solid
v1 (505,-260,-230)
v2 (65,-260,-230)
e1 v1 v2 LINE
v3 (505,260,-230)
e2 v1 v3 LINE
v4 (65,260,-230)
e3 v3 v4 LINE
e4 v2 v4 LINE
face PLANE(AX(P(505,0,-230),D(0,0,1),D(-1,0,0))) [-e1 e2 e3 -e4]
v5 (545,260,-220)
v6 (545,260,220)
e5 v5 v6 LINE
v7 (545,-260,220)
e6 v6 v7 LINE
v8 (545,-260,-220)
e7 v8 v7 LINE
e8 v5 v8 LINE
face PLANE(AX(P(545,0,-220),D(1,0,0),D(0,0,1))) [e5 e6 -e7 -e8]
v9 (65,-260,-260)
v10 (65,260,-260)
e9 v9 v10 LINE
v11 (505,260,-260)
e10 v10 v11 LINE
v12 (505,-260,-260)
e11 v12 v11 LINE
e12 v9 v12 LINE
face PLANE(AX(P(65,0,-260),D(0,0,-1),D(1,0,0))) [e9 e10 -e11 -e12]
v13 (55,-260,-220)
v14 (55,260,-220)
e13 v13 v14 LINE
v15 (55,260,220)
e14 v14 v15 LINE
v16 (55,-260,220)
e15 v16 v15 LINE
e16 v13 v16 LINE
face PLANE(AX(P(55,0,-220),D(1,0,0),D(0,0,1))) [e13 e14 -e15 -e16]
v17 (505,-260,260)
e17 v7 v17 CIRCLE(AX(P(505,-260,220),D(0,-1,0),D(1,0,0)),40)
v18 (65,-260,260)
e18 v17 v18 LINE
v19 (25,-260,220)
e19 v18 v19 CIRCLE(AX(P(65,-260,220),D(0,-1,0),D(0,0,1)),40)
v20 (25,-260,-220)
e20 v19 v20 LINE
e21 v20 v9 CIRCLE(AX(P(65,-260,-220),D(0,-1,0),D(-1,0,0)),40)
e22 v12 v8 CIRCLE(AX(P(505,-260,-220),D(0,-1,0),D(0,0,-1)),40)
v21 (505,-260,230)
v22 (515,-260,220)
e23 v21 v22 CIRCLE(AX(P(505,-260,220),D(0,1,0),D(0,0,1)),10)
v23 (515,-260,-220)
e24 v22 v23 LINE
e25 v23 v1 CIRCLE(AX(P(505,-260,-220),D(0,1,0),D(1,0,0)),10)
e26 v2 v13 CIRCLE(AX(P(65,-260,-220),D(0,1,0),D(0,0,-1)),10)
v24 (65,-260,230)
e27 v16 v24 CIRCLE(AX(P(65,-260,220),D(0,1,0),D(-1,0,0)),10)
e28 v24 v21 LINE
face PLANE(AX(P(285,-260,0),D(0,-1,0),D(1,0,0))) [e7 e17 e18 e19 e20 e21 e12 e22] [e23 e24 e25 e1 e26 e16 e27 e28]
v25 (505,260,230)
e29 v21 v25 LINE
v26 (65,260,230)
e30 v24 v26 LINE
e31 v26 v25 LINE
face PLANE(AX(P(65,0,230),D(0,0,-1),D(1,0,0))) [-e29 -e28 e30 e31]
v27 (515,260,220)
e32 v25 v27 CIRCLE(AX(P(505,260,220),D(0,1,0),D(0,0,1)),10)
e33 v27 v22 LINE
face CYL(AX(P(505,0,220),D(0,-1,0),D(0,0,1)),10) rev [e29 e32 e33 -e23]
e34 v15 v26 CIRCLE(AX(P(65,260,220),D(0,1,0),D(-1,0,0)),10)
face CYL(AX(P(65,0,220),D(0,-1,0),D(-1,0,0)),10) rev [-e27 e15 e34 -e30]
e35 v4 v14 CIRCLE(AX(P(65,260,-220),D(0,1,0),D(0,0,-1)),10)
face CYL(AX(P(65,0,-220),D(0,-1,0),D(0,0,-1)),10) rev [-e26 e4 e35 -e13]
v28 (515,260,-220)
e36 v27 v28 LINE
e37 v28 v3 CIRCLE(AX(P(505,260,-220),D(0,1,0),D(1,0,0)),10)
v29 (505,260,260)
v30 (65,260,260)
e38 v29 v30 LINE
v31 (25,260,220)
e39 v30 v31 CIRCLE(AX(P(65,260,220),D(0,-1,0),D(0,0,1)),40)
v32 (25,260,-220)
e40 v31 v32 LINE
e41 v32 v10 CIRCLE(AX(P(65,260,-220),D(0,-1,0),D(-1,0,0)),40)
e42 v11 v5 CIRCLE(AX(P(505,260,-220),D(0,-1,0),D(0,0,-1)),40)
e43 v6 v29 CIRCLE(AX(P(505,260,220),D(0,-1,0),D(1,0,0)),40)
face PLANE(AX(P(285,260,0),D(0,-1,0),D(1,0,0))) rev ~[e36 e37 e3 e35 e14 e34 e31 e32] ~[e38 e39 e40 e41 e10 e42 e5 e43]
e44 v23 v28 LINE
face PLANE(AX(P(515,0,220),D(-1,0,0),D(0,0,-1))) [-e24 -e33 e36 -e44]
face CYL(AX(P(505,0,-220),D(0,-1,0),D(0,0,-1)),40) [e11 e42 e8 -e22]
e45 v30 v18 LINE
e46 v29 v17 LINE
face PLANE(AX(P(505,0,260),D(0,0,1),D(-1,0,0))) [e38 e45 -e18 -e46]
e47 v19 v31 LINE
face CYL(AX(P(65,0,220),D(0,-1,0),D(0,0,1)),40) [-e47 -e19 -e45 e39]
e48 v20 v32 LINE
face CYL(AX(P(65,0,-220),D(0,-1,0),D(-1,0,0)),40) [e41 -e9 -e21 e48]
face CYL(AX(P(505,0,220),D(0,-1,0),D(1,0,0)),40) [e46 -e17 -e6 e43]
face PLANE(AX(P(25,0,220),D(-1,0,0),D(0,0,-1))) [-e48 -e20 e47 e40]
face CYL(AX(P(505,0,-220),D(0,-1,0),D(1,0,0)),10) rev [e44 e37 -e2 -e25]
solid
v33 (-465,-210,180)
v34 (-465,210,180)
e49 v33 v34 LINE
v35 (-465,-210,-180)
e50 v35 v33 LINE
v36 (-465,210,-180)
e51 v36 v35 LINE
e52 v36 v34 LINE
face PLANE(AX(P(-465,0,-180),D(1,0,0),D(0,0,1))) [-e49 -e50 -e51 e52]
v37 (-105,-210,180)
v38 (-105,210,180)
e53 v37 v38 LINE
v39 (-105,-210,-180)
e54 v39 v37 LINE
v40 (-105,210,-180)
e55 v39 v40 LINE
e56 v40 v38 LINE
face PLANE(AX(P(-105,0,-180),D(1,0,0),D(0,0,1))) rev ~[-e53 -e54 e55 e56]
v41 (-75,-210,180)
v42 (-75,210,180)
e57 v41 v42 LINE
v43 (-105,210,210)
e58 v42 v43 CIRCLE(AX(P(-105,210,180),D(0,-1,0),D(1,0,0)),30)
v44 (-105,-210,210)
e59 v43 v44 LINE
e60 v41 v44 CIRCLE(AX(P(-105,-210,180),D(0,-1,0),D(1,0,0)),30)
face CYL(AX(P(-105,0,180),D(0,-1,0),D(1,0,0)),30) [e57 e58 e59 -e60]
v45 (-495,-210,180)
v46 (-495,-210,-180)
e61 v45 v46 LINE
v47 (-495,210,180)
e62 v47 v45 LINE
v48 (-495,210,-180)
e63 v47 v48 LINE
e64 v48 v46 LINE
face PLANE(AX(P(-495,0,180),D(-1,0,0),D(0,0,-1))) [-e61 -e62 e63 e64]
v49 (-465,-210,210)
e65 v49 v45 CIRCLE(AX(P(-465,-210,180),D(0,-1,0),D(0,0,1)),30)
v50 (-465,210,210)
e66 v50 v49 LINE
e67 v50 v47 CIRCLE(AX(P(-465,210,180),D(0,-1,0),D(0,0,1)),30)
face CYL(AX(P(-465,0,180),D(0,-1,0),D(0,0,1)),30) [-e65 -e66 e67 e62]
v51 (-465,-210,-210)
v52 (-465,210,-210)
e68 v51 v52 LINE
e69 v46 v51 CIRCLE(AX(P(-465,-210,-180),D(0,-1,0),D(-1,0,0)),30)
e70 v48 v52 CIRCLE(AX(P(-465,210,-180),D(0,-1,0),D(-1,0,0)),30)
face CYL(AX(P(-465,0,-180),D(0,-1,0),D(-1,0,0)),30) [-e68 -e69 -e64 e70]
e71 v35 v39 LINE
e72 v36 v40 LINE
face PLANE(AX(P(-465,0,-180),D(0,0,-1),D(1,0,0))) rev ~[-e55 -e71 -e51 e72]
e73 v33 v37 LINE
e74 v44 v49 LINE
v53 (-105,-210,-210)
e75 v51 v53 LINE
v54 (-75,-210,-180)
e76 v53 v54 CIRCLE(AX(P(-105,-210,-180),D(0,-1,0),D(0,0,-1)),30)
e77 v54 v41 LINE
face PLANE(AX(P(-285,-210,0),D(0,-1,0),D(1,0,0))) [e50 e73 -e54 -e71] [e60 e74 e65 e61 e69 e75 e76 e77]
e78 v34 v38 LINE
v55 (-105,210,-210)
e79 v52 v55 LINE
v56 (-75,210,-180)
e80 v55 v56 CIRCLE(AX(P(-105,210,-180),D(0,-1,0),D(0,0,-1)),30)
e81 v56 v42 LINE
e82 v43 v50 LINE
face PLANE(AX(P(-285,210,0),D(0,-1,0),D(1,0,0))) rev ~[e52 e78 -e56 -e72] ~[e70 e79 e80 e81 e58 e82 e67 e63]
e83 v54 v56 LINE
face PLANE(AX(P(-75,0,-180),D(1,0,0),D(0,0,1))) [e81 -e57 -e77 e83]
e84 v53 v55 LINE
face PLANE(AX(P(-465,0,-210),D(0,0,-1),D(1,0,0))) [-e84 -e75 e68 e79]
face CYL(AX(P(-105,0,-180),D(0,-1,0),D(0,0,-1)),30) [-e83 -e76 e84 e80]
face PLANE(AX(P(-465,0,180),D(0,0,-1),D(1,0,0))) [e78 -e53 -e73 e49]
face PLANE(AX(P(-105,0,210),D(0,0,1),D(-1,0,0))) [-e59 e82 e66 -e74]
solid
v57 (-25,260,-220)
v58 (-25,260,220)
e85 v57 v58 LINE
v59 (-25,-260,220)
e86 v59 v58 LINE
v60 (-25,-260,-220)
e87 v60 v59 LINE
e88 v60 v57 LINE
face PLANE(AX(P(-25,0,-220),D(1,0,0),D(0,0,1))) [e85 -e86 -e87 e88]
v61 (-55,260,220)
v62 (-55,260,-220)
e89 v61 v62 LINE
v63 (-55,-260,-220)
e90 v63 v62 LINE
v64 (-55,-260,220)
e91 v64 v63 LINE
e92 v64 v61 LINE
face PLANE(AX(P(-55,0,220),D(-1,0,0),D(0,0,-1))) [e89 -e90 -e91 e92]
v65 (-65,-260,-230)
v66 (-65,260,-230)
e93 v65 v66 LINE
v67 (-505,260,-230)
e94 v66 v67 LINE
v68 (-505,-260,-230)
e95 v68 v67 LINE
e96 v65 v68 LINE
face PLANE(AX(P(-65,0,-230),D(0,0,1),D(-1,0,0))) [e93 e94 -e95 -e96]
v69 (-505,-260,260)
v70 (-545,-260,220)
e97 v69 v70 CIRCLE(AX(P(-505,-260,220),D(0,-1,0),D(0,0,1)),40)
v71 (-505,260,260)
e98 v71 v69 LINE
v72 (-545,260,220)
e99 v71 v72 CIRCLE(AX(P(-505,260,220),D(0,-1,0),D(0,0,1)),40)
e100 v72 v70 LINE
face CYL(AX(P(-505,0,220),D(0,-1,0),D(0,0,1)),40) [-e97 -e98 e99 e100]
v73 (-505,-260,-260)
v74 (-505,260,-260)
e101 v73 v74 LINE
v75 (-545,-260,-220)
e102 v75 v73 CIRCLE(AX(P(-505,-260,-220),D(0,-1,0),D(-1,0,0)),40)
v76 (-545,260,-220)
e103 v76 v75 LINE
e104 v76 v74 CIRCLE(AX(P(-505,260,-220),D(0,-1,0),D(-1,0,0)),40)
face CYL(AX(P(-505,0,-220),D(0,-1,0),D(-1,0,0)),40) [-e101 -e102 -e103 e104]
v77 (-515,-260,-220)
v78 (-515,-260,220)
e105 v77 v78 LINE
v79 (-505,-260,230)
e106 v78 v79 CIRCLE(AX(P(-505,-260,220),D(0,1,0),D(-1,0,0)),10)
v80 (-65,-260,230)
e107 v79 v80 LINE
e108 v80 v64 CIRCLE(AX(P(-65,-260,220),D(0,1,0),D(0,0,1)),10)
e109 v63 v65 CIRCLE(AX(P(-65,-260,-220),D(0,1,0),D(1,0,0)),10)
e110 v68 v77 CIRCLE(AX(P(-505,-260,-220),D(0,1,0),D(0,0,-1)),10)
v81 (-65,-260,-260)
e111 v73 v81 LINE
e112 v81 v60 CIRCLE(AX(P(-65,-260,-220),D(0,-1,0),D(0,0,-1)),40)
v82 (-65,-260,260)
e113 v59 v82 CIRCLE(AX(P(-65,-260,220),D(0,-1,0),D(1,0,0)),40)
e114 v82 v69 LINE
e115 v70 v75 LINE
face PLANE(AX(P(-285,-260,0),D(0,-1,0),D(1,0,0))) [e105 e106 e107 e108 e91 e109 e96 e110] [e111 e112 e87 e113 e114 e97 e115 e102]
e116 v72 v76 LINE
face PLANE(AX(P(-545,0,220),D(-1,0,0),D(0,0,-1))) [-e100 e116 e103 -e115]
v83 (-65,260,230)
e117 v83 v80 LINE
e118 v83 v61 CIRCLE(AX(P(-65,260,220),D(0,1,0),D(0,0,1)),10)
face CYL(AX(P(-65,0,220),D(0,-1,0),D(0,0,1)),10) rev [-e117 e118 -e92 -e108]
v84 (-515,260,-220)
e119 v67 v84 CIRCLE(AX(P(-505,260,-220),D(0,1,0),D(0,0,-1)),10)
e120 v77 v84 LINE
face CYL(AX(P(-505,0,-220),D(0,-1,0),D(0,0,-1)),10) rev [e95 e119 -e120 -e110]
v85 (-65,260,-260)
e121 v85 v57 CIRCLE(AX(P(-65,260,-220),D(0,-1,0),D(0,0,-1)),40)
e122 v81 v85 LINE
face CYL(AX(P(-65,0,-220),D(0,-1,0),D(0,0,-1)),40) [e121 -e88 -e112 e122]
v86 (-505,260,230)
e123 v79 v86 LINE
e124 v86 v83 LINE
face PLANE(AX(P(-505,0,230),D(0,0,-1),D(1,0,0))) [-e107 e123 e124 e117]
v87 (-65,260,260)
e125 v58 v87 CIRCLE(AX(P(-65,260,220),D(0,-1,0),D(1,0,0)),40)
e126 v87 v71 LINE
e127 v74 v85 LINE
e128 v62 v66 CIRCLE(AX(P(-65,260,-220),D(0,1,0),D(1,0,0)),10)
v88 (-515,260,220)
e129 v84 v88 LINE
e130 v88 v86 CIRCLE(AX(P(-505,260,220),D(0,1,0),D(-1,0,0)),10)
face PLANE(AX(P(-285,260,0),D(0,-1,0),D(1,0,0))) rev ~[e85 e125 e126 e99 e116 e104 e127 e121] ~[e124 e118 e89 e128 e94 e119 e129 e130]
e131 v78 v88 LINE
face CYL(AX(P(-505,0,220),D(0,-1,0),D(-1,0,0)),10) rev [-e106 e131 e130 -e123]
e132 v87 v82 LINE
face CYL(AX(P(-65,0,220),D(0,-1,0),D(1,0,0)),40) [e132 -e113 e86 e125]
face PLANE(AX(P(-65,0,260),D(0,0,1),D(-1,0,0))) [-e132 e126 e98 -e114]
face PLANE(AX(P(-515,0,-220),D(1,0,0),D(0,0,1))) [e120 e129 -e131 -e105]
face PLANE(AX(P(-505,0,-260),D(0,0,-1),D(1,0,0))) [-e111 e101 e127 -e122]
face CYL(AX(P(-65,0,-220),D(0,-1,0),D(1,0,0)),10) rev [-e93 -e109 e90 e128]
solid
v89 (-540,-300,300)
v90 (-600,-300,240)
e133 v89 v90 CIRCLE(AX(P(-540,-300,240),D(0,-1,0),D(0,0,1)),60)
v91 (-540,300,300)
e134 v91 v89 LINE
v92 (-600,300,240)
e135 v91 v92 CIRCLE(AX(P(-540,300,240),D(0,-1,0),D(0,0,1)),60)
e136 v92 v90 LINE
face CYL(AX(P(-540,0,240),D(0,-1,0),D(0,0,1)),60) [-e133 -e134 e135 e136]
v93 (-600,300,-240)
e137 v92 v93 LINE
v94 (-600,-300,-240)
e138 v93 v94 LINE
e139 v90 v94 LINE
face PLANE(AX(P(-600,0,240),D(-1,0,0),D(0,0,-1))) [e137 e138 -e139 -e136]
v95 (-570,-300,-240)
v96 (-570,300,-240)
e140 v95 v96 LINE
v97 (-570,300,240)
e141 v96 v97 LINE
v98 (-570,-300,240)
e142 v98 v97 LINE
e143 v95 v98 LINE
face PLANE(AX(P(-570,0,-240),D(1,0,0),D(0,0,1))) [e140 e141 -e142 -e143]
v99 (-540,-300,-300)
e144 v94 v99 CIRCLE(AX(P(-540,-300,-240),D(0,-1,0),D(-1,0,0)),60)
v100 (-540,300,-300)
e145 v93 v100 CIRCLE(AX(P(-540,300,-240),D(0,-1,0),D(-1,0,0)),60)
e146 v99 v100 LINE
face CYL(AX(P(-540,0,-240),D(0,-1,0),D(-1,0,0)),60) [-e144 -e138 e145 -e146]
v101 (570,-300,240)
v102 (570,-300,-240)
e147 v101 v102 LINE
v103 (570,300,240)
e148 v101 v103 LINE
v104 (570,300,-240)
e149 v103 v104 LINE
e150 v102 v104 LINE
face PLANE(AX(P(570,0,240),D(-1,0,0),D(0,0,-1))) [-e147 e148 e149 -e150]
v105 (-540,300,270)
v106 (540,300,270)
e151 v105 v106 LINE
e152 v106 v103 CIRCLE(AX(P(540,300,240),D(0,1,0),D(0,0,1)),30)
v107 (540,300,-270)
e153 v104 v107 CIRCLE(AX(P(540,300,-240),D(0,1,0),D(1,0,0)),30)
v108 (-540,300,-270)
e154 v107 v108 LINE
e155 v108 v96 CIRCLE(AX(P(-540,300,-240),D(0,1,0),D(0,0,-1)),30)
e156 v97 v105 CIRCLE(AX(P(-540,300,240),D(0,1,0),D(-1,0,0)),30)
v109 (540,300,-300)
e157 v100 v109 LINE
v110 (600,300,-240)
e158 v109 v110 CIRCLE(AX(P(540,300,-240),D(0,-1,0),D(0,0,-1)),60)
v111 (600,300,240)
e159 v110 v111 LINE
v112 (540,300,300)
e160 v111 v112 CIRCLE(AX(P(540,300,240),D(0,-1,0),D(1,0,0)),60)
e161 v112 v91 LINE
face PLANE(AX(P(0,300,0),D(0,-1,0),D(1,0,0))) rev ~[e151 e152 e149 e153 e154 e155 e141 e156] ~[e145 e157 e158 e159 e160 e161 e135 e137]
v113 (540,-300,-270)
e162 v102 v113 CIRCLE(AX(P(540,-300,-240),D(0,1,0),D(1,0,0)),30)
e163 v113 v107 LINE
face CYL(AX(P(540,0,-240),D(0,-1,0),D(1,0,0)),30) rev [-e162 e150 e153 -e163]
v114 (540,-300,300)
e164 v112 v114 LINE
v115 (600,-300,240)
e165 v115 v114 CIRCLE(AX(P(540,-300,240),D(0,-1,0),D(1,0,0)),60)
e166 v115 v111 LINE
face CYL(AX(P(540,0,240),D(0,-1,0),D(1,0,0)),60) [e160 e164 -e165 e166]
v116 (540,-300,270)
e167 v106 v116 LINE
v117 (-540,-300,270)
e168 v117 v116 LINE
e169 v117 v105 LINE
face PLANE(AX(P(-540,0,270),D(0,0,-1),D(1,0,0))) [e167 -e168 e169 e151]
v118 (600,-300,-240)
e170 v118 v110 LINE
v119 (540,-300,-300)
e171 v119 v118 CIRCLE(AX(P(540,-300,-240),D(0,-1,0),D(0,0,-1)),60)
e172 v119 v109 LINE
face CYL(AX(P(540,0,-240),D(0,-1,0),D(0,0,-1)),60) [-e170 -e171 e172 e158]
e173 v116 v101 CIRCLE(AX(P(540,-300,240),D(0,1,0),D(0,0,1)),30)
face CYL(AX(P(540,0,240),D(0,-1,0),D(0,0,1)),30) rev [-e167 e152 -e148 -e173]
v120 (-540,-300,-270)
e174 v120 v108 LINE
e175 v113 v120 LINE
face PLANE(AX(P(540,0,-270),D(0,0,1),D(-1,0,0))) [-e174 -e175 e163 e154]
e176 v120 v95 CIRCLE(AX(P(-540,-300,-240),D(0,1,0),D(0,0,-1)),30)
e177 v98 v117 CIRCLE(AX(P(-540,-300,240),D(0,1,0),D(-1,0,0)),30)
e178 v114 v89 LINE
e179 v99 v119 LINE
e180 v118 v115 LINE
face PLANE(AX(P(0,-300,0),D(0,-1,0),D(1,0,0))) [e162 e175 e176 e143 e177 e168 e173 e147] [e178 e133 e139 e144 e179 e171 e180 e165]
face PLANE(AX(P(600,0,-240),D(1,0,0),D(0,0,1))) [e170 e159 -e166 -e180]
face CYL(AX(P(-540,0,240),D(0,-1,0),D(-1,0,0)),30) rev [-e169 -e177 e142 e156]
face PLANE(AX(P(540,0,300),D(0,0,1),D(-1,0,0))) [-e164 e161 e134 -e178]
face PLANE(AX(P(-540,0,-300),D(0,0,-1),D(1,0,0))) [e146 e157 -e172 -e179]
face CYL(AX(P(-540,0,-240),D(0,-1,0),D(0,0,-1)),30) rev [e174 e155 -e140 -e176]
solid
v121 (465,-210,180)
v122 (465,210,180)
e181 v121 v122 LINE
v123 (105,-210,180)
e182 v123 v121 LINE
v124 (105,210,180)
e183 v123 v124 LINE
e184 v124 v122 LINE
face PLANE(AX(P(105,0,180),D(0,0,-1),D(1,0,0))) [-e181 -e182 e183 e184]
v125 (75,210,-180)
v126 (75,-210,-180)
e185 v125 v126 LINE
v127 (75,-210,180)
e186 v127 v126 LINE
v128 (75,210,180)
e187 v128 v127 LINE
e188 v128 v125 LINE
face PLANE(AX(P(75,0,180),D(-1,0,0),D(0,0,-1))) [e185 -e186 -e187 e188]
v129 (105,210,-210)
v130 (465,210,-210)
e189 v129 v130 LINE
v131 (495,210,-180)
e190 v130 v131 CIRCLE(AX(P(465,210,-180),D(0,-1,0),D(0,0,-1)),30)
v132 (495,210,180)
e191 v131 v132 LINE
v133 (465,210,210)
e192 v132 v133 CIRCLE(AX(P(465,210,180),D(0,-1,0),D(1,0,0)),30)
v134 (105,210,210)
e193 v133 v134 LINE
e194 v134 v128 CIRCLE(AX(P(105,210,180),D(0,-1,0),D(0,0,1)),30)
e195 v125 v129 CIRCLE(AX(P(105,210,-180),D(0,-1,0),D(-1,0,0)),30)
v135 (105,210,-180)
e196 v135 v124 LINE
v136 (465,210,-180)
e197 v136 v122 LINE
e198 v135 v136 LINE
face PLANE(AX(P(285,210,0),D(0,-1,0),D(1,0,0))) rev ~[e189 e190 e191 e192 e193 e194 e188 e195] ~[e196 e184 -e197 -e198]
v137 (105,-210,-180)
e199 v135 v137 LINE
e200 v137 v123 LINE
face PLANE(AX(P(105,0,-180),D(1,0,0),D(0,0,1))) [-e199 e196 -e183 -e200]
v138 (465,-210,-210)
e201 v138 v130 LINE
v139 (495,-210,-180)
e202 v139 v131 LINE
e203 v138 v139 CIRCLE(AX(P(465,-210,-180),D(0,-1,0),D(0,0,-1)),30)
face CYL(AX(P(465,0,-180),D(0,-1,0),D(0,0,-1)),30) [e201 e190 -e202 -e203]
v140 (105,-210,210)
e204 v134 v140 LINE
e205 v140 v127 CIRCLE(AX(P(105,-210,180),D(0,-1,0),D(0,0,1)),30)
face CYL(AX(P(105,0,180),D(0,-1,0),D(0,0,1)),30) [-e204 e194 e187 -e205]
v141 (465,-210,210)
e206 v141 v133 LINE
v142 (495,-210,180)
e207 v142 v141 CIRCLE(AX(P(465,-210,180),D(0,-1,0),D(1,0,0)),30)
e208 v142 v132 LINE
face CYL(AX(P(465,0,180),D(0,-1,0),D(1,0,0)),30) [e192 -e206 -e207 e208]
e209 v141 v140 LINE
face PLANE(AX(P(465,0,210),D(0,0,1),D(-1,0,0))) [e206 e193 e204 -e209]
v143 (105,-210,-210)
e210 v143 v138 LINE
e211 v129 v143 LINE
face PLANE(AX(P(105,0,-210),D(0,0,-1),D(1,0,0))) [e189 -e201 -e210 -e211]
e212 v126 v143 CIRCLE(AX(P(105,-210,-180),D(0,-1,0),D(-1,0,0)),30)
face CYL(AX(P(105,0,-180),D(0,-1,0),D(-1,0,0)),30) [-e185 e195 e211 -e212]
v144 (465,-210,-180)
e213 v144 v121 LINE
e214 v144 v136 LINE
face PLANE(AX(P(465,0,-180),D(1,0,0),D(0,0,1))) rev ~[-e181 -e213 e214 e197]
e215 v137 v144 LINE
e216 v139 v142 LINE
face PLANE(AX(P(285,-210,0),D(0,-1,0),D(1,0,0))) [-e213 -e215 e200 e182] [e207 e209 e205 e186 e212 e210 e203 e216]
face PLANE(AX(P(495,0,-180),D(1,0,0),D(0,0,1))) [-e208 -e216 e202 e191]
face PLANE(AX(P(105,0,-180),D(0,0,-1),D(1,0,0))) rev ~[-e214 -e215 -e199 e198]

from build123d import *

# Parameters (mm, degrees)
F2_DEPTH = 300
F4_DEPTH = 260
F6_W     = 360
F6_H     = 360
F7_DEPTH = 210


with BuildPart() as f2:
    # F1 (on Front) → F2 (new body, symmetric)
    with BuildSketch(Plane.XZ):
        with BuildLine():
            ThreePointArc((600, 240), (582.4264068712, 282.4264068712), (540, 300))
            Line((540, 300), (-540, 300))
            ThreePointArc((-540, 300), (-582.4264068712, 282.4264068712), (-600, 240))
            Line((-600, 240), (-600, -240))
            ThreePointArc((-600, -240), (-582.4264068712, -282.4264068712), (-540, -300))
            Line((-540, -300), (540, -300))
            ThreePointArc((540, -300), (582.4264068712, -282.4264068712), (600, -240))
            Line((600, -240), (600, 240))
        make_face()
        with BuildLine():
            ThreePointArc((540, 270), (561.2132034356, 261.2132034356), (570, 240))
            Line((570, 240), (570, -240))
            ThreePointArc((570, -240), (561.2132034356, -261.2132034356), (540, -270))
            Line((540, -270), (-540, -270))
            ThreePointArc((-540, -270), (-561.2132034356, -261.2132034356), (-570, -240))
            Line((-570, -240), (-570, 240))
            ThreePointArc((-570, 240), (-561.2132034356, 261.2132034356), (-540, 270))
            Line((-540, 270), (540, 270))
        make_face(mode=Mode.SUBTRACT)
    extrude(amount=F2_DEPTH, both=True)


with BuildPart() as f4:
    # F3 (on Front) → F4 (new body, symmetric)
    with BuildSketch(Plane.XZ):
        with BuildLine():
            ThreePointArc((-25, 220), (-36.7157287525, 248.2842712475), (-65, 260))
            Line((-65, 260), (-505, 260))
            ThreePointArc((-505, 260), (-533.2842712475, 248.2842712475), (-545, 220))
            Line((-545, 220), (-545, -220))
            ThreePointArc((-545, -220), (-533.2842712475, -248.2842712475), (-505, -260))
            Line((-505, -260), (-65, -260))
            ThreePointArc((-65, -260), (-36.7157287525, -248.2842712475), (-25, -220))
            Line((-25, -220), (-25, 220))
        make_face()
        with BuildLine():
            Line((-505, 230), (-65, 230))
            ThreePointArc((-65, 230), (-57.9289321881, 227.0710678119), (-55, 220))
            Line((-55, 220), (-55, -220))
            ThreePointArc((-55, -220), (-57.9289321881, -227.0710678119), (-65, -230))
            Line((-65, -230), (-505, -230))
            ThreePointArc((-505, -230), (-512.0710678119, -227.0710678119), (-515, -220))
            Line((-515, -220), (-515, 220))
            ThreePointArc((-515, 220), (-512.0710678119, 227.0710678119), (-505, 230))
        make_face(mode=Mode.SUBTRACT)
    extrude(amount=F4_DEPTH, both=True)


with BuildPart() as f4b:
    # F3 (on Front) → F4, piece 2 (new body, symmetric)
    with BuildSketch(Plane.XZ):
        with BuildLine():
            ThreePointArc((545, 220), (533.2842712475, 248.2842712475), (505, 260))
            Line((505, 260), (65, 260))
            ThreePointArc((65, 260), (36.7157287525, 248.2842712475), (25, 220))
            Line((25, 220), (25, -220))
            ThreePointArc((25, -220), (36.7157287525, -248.2842712475), (65, -260))
            Line((65, -260), (505, -260))
            ThreePointArc((505, -260), (533.2842712475, -248.2842712475), (545, -220))
            Line((545, -220), (545, 220))
        make_face()
        with BuildLine():
            Line((515, 220), (515, -220))
            ThreePointArc((515, -220), (512.0710678119, -227.0710678119), (505, -230))
            Line((505, -230), (65, -230))
            ThreePointArc((65, -230), (57.9289321881, -227.0710678119), (55, -220))
            Line((55, -220), (55, 220))
            ThreePointArc((55, 220), (57.9289321881, 227.0710678119), (65, 230))
            Line((65, 230), (505, 230))
            ThreePointArc((505, 230), (512.0710678119, 227.0710678119), (515, 220))
        make_face(mode=Mode.SUBTRACT)
    extrude(amount=F4_DEPTH, both=True)


with BuildPart() as f4c:
    # F0 (on Front) → F4, piece 3 (new body, symmetric)
    with BuildSketch(Plane.XZ):
        with BuildLine():
            ThreePointArc((505, -260), (533.2842712475, -248.2842712475), (545, -220))
            Line((545, -220), (545, 220))
            ThreePointArc((545, 220), (533.2842712475, 248.2842712475), (505, 260))
            Line((505, 260), (65, 260))
            ThreePointArc((65, 260), (36.7157287525, 248.2842712475), (25, 220))
            Line((25, 220), (25, -220))
            ThreePointArc((25, -220), (36.7157287525, -248.2842712475), (65, -260))
            Line((65, -260), (505, -260))
        make_face()
        with BuildLine():
            Line((515, 220), (515, -220))
            ThreePointArc((515, -220), (512.0710678119, -227.0710678119), (505, -230))
            Line((505, -230), (65, -230))
            ThreePointArc((65, -230), (57.9289321881, -227.0710678119), (55, -220))
            Line((55, -220), (55, 220))
            ThreePointArc((55, 220), (57.9289321881, 227.0710678119), (65, 230))
            Line((65, 230), (505, 230))
            ThreePointArc((505, 230), (512.0710678119, 227.0710678119), (515, 220))
        make_face(mode=Mode.SUBTRACT)
    extrude(amount=F4_DEPTH, both=True)


with BuildPart() as f4d:
    # F0 (on Front) → F4, piece 4 (new body, symmetric)
    with BuildSketch(Plane.XZ):
        with BuildLine():
            ThreePointArc((-25, 220), (-36.7157287525, 248.2842712475), (-65, 260))
            Line((-65, 260), (-505, 260))
            ThreePointArc((-505, 260), (-533.2842712475, 248.2842712475), (-545, 220))
            Line((-545, 220), (-545, -220))
            ThreePointArc((-545, -220), (-533.2842712475, -248.2842712475), (-505, -260))
            Line((-505, -260), (-65, -260))
            ThreePointArc((-65, -260), (-36.7157287525, -248.2842712475), (-25, -220))
            Line((-25, -220), (-25, 220))
        make_face()
        with BuildLine():
            ThreePointArc((-65, 230), (-57.9289321881, 227.0710678119), (-55, 220))
            Line((-55, 220), (-55, -220))
            ThreePointArc((-55, -220), (-57.9289321881, -227.0710678119), (-65, -230))
            Line((-65, -230), (-505, -230))
            ThreePointArc((-505, -230), (-512.0710678119, -227.0710678119), (-515, -220))
            Line((-515, -220), (-515, 220))
            ThreePointArc((-515, 220), (-512.0710678119, 227.0710678119), (-505, 230))
            Line((-505, 230), (-65, 230))
        make_face(mode=Mode.SUBTRACT)
    extrude(amount=F4_DEPTH, both=True)


with BuildPart() as f7:
    # F6 (on Front) → F7 (new body, symmetric)
    with BuildSketch(Plane.XZ):
        with BuildLine():
            ThreePointArc((-75, 180), (-83.7867965644, 201.2132034356), (-105, 210))
            Line((-105, 210), (-465, 210))
            ThreePointArc((-465, 210), (-486.2132034356, 201.2132034356), (-495, 180))
            Line((-495, 180), (-495, -180))
            ThreePointArc((-495, -180), (-486.2132034356, -201.2132034356), (-465, -210))
            Line((-465, -210), (-105, -210))
            ThreePointArc((-105, -210), (-83.7867965644, -201.2132034356), (-75, -180))
            Line((-75, -180), (-75, 180))
        make_face()
        with Locations((-285, 0)):
            Rectangle(F6_W, F6_H, mode=Mode.SUBTRACT)
    extrude(amount=F7_DEPTH, both=True)


with BuildPart() as f7b:
    # F6 (on Front) → F7, piece 2 (new body, symmetric)
    with BuildSketch(Plane.XZ):
        with BuildLine():
            Line((465, 210), (105, 210))
            ThreePointArc((105, 210), (83.7867965644, 201.2132034356), (75, 180))
            Line((75, 180), (75, -180))
            ThreePointArc((75, -180), (83.7867965644, -201.2132034356), (105, -210))
            Line((105, -210), (465, -210))
            ThreePointArc((465, -210), (486.2132034356, -201.2132034356), (495, -180))
            Line((495, -180), (495, 180))
            ThreePointArc((495, 180), (486.2132034356, 201.2132034356), (465, 210))
        make_face()
        with Locations((285, 0)):
            Rectangle(F6_W, F6_H, mode=Mode.SUBTRACT)
    extrude(amount=F7_DEPTH, both=True)


solid = Compound([f2.part, f4c.part, f4d.part, f7.part, f7b.part])
